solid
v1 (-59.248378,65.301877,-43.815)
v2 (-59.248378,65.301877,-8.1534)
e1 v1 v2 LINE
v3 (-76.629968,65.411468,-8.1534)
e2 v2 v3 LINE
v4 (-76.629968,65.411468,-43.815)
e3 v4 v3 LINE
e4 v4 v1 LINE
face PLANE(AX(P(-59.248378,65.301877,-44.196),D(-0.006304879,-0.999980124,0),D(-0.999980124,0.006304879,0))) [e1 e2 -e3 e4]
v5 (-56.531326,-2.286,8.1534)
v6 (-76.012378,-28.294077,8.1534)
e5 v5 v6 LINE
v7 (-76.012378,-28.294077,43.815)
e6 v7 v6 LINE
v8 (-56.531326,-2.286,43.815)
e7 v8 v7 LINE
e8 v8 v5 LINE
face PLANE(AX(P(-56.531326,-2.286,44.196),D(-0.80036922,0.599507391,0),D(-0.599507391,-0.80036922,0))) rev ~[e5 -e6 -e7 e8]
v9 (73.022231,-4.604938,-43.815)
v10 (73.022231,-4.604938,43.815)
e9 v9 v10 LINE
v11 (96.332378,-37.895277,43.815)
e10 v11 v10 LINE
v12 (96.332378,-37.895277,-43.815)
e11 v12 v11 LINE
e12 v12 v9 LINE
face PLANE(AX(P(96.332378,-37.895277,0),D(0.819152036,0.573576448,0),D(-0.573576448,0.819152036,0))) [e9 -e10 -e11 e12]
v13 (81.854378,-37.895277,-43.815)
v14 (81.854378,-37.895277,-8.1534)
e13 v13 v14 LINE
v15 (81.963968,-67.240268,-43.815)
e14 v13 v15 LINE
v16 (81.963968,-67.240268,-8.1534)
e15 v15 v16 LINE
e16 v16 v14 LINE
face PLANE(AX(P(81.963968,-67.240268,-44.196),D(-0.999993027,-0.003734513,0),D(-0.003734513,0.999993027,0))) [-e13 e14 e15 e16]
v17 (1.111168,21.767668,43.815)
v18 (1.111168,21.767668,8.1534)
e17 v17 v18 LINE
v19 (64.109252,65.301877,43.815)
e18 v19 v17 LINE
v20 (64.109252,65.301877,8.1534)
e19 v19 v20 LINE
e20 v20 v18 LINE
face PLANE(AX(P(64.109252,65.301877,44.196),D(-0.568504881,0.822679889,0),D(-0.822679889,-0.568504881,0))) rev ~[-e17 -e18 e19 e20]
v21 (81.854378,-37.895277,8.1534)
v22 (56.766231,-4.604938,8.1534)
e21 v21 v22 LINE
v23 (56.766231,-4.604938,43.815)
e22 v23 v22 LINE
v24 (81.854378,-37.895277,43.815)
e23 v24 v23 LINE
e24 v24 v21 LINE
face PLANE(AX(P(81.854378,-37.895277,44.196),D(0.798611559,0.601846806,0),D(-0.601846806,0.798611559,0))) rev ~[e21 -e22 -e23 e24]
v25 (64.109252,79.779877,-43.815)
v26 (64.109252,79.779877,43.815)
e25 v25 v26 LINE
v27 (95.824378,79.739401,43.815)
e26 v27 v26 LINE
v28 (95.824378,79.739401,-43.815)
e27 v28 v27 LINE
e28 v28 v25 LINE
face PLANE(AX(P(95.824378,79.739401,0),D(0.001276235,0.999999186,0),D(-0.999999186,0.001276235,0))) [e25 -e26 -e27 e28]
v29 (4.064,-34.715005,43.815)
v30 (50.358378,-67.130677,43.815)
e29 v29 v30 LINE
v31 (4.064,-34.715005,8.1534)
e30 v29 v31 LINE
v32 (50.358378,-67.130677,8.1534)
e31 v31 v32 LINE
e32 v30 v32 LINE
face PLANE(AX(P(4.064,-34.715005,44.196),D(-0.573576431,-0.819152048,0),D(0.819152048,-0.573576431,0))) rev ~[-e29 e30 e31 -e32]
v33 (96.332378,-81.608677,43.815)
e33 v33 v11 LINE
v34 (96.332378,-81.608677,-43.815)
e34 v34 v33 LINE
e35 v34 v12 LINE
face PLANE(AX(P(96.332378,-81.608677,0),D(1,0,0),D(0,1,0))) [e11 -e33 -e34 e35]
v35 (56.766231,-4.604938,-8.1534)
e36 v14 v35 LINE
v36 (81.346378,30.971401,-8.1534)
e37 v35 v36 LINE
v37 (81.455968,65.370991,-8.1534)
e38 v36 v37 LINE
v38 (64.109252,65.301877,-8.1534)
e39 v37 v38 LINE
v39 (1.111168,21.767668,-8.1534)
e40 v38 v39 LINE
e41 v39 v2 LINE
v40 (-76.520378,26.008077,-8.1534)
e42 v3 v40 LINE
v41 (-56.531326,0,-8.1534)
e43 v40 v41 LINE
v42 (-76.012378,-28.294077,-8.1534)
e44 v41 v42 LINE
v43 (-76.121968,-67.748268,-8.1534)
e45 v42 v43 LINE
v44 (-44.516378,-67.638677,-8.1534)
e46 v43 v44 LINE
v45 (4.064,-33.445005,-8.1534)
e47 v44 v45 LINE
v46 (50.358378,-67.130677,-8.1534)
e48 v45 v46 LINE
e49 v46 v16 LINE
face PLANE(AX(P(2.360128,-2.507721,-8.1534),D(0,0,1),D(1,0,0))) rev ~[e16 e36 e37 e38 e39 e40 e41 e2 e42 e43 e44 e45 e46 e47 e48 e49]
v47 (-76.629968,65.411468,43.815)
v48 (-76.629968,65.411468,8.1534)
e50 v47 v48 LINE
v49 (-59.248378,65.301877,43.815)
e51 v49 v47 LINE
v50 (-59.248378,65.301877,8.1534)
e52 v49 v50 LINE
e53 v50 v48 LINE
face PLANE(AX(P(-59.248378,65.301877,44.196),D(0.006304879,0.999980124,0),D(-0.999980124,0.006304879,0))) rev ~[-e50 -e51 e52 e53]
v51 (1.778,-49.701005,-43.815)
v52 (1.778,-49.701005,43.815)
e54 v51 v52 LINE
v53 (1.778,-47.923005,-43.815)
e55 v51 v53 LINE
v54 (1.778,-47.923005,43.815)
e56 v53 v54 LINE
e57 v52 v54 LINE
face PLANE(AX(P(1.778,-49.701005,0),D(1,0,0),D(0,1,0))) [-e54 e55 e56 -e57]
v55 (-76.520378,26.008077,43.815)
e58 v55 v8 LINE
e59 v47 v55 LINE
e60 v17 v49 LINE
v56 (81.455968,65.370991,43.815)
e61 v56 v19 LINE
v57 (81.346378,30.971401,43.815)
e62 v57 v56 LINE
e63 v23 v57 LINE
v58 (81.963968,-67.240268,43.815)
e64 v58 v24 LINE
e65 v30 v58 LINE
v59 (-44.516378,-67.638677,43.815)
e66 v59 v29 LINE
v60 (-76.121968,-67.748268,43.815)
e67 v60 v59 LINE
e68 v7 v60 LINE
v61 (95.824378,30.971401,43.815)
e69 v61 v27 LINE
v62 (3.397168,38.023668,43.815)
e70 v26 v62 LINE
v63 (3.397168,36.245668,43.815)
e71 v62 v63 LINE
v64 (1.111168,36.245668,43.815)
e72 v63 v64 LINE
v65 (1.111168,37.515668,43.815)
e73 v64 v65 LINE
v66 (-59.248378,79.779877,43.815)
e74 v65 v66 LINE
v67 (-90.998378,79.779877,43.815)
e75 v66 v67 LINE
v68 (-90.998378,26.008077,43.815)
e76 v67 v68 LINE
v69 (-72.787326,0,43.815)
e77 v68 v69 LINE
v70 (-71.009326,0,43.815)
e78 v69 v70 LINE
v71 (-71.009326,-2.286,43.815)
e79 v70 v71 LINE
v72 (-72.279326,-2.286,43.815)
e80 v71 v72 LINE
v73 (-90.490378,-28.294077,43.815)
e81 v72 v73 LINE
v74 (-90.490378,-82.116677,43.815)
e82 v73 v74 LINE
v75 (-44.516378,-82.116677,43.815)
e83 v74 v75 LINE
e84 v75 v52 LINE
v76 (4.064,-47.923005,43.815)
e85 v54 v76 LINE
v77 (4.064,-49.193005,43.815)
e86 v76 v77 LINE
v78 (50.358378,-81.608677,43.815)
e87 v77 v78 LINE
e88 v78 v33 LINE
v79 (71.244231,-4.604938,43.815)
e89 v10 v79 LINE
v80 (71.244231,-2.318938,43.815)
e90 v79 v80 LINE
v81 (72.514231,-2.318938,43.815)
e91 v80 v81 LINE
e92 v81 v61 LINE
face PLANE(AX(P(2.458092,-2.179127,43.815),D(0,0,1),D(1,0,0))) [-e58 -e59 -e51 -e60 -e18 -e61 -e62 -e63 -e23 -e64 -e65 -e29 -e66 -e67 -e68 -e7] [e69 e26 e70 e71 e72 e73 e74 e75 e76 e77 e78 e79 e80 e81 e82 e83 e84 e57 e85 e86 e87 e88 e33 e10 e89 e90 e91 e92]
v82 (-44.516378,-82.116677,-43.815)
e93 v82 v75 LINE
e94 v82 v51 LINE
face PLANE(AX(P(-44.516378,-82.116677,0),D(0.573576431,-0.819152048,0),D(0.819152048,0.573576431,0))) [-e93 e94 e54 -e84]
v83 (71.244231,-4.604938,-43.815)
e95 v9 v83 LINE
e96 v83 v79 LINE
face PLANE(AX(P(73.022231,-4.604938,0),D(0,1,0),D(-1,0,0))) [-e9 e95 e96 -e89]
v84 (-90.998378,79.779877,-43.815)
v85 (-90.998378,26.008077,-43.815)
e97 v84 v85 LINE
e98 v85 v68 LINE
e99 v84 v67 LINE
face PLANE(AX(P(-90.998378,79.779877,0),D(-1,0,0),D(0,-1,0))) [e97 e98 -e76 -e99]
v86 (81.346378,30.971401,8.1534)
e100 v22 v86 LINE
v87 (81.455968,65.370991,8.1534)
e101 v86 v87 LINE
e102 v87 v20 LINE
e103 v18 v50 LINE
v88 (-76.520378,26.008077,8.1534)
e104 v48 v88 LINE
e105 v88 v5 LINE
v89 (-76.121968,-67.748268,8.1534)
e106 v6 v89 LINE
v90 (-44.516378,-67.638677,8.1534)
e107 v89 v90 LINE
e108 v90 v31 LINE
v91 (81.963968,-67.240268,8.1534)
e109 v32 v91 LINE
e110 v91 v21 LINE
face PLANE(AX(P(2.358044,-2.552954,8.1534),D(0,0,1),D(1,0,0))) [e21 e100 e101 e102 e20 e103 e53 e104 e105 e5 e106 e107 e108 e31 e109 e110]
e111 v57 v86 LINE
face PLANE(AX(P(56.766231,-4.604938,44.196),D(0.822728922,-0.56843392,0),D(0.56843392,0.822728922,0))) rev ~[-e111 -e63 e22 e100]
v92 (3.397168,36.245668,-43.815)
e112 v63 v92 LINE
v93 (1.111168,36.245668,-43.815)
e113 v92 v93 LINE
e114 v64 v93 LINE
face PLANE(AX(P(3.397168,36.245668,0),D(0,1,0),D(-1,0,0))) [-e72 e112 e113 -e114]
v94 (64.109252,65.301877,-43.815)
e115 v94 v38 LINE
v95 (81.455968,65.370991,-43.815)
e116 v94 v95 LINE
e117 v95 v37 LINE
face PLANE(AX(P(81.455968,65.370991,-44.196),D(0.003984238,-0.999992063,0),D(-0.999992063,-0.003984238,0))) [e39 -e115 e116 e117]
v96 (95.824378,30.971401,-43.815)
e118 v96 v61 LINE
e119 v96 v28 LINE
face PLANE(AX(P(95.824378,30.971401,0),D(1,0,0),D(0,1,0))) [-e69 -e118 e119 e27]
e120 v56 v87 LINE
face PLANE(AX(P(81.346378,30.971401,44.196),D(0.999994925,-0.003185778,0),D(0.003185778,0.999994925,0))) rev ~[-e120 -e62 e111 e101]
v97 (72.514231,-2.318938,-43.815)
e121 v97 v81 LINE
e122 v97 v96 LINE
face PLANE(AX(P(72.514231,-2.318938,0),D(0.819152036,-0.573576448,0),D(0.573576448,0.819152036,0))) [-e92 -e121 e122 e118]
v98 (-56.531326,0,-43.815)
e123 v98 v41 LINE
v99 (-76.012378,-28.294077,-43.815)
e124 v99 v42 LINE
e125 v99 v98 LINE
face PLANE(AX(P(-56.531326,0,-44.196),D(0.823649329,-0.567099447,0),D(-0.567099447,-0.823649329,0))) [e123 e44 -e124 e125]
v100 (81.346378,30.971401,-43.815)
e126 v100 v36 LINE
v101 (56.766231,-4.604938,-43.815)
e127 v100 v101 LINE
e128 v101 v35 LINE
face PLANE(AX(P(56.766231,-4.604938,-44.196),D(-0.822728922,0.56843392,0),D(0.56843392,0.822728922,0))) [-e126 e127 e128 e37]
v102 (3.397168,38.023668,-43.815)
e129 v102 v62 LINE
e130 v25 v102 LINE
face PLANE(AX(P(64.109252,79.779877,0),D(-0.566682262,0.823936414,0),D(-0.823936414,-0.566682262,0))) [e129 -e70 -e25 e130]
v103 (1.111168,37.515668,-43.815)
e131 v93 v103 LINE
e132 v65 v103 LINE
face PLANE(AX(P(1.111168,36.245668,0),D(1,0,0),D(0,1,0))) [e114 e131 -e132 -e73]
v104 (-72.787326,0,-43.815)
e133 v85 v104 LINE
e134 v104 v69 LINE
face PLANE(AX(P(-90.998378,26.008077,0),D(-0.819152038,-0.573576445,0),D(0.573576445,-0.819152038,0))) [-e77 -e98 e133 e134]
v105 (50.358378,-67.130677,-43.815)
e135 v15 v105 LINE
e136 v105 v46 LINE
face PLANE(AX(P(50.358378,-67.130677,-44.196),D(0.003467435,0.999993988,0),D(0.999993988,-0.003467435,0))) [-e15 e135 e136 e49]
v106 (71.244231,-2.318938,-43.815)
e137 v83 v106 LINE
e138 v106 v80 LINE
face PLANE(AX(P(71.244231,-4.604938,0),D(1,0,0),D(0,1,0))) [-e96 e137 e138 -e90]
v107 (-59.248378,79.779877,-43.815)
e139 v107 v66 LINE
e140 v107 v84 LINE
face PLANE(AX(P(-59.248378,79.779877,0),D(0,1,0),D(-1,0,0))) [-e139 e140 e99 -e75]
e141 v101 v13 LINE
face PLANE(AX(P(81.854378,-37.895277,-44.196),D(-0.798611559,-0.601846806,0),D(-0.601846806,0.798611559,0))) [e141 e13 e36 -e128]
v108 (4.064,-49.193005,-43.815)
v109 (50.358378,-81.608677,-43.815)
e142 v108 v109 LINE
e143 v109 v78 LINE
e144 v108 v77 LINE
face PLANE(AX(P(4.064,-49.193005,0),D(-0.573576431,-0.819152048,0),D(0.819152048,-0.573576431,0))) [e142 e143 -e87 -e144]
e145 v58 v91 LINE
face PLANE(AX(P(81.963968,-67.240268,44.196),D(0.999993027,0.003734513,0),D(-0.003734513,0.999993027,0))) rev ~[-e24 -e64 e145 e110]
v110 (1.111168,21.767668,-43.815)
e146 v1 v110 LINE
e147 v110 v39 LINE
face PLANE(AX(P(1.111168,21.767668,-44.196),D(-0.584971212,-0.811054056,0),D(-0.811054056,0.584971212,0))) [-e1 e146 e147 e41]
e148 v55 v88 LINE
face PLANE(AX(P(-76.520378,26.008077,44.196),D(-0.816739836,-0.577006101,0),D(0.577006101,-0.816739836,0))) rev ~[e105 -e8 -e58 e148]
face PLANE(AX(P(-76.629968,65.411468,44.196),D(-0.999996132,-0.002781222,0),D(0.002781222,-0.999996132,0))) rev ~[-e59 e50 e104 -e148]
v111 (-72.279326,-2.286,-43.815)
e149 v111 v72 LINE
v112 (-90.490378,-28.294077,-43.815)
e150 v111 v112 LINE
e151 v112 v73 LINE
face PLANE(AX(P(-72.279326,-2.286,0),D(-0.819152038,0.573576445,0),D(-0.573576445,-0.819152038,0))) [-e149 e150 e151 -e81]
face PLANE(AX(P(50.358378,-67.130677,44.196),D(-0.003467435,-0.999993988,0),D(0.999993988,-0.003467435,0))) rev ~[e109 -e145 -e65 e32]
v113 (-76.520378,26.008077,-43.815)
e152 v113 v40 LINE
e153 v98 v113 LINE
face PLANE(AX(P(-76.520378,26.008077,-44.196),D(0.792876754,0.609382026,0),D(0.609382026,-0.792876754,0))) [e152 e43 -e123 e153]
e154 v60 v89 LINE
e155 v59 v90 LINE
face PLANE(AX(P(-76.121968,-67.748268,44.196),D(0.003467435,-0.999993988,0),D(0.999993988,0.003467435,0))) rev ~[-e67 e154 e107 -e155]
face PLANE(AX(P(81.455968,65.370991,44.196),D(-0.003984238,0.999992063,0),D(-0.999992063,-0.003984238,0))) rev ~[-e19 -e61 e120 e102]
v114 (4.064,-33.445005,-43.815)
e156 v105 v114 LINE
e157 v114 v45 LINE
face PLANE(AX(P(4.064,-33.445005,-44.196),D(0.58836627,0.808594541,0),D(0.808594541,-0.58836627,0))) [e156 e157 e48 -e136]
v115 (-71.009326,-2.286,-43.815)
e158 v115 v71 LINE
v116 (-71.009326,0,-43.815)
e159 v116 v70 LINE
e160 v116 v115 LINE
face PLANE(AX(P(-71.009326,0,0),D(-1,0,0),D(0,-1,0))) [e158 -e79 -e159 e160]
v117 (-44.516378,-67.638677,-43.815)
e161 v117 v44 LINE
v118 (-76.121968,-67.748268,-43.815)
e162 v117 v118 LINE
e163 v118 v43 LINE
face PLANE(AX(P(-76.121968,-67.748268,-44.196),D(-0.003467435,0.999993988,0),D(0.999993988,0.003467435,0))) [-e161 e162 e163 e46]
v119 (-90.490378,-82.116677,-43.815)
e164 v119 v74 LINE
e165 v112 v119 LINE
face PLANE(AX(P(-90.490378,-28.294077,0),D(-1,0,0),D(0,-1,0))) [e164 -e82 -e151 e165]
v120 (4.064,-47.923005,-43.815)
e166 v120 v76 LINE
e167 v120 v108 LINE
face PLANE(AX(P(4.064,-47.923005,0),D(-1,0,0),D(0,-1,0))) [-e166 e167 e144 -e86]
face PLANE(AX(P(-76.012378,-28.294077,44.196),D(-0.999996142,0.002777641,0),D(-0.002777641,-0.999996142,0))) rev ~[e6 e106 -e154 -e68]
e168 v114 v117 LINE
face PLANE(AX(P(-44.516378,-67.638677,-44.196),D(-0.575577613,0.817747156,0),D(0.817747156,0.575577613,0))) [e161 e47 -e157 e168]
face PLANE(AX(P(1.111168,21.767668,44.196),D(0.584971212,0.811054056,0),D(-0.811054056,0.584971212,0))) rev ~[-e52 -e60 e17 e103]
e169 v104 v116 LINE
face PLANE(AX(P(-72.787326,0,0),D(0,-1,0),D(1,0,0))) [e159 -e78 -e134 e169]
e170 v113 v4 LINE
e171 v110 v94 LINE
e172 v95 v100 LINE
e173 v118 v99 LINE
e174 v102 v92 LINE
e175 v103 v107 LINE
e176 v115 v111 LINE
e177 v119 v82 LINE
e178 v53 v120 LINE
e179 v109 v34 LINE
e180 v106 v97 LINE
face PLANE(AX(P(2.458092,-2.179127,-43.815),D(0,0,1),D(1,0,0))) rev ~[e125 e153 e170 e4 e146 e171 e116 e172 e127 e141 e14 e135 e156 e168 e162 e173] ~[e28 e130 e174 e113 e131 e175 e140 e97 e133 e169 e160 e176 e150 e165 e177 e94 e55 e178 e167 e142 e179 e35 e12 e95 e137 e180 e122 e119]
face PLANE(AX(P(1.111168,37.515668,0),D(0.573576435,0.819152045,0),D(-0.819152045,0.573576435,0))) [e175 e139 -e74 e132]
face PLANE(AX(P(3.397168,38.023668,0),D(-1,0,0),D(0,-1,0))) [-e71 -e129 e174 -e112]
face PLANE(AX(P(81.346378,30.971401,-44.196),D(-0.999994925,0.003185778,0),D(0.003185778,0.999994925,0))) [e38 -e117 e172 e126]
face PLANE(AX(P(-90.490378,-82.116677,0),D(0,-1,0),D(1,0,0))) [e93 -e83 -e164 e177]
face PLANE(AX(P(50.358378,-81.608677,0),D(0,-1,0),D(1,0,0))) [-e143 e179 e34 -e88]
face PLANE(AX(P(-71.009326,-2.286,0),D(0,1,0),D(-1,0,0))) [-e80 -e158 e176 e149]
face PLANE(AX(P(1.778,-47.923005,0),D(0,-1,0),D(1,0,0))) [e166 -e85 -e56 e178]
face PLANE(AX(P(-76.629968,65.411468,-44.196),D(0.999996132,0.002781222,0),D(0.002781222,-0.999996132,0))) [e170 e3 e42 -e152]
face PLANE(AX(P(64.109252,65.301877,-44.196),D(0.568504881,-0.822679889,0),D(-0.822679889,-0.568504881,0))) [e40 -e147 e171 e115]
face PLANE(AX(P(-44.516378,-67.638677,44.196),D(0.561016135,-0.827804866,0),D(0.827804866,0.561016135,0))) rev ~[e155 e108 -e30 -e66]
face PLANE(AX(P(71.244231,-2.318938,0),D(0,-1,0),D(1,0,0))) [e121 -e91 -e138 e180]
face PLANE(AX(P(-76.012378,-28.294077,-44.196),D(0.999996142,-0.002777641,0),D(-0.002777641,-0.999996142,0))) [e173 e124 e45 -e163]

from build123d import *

# Parameters (mm, degrees)
F1_DEPTH = 43.815
F4_DEPTH = 36.0426
F7_DEPTH = 36.0426


with BuildPart() as f1:
    # F0 (on Top) → F1 (new body, symmetric)
    with BuildSketch(Plane.XY):
        Polygon((1.111168, 37.515668), (-59.248378, 79.779877), (-90.998378, 79.779877), (-90.998378, 26.008077), (-72.787326, 0), (-71.009326, 0), (-71.009326, -2.286), (-72.279326, -2.286), (-90.490378, -28.294077), (-90.490378, -82.116677), (-44.516378, -82.116677), (1.778, -49.701005), (1.778, -47.923005), (4.064, -47.923005), (4.064, -49.193005), (50.358378, -81.608677), (96.332378, -81.608677), (96.332378, -37.895277), (73.022231, -4.604938), (71.244231, -4.604938), (71.244231, -2.318938), (72.514231, -2.318938), (95.824378, 30.971401), (95.824378, 79.739401), (64.109252, 79.779877), (3.397168, 38.023668), (3.397168, 36.245668), (1.111168, 36.245668), align=None)
    extrude(amount=F1_DEPTH, both=True)

    # F3 (on offset) → F4 (cut)
    with BuildSketch(Plane.XY.offset(44.196)):
        Polygon((81.455968, 65.370991), (64.109252, 65.301877), (1.111168, 21.767668), (-59.248378, 65.301877), (-76.629968, 65.411468), (-76.520378, 26.008077), (-56.531326, -2.286), (-76.012378, -28.294077), (-76.121968, -67.748268), (-44.516378, -67.638677), (4.064, -34.715005), (50.358378, -67.130677), (81.963968, -67.240268), (81.854378, -37.895277), (56.766231, -4.604938), (81.346378, 30.971401), align=None)
    extrude(amount=-F4_DEPTH, mode=Mode.SUBTRACT)

    # F6 (on offset) → F7 (cut)
    with BuildSketch(Plane.XY.offset(-44.196)):
        Polygon((-76.012378, -28.294077), (-76.121968, -67.748268), (-44.516378, -67.638677), (4.064, -33.445005), (50.358378, -67.130677), (81.963968, -67.240268), (81.854378, -37.895277), (56.766231, -4.604938), (81.346378, 30.971401), (81.455968, 65.370991), (64.109252, 65.301877), (1.111168, 21.767668), (-59.248378, 65.301877), (-76.629968, 65.411468), (-76.520378, 26.008077), (-56.531326, 0), align=None)
    extrude(amount=F7_DEPTH, mode=Mode.SUBTRACT)


solid = f1.part
